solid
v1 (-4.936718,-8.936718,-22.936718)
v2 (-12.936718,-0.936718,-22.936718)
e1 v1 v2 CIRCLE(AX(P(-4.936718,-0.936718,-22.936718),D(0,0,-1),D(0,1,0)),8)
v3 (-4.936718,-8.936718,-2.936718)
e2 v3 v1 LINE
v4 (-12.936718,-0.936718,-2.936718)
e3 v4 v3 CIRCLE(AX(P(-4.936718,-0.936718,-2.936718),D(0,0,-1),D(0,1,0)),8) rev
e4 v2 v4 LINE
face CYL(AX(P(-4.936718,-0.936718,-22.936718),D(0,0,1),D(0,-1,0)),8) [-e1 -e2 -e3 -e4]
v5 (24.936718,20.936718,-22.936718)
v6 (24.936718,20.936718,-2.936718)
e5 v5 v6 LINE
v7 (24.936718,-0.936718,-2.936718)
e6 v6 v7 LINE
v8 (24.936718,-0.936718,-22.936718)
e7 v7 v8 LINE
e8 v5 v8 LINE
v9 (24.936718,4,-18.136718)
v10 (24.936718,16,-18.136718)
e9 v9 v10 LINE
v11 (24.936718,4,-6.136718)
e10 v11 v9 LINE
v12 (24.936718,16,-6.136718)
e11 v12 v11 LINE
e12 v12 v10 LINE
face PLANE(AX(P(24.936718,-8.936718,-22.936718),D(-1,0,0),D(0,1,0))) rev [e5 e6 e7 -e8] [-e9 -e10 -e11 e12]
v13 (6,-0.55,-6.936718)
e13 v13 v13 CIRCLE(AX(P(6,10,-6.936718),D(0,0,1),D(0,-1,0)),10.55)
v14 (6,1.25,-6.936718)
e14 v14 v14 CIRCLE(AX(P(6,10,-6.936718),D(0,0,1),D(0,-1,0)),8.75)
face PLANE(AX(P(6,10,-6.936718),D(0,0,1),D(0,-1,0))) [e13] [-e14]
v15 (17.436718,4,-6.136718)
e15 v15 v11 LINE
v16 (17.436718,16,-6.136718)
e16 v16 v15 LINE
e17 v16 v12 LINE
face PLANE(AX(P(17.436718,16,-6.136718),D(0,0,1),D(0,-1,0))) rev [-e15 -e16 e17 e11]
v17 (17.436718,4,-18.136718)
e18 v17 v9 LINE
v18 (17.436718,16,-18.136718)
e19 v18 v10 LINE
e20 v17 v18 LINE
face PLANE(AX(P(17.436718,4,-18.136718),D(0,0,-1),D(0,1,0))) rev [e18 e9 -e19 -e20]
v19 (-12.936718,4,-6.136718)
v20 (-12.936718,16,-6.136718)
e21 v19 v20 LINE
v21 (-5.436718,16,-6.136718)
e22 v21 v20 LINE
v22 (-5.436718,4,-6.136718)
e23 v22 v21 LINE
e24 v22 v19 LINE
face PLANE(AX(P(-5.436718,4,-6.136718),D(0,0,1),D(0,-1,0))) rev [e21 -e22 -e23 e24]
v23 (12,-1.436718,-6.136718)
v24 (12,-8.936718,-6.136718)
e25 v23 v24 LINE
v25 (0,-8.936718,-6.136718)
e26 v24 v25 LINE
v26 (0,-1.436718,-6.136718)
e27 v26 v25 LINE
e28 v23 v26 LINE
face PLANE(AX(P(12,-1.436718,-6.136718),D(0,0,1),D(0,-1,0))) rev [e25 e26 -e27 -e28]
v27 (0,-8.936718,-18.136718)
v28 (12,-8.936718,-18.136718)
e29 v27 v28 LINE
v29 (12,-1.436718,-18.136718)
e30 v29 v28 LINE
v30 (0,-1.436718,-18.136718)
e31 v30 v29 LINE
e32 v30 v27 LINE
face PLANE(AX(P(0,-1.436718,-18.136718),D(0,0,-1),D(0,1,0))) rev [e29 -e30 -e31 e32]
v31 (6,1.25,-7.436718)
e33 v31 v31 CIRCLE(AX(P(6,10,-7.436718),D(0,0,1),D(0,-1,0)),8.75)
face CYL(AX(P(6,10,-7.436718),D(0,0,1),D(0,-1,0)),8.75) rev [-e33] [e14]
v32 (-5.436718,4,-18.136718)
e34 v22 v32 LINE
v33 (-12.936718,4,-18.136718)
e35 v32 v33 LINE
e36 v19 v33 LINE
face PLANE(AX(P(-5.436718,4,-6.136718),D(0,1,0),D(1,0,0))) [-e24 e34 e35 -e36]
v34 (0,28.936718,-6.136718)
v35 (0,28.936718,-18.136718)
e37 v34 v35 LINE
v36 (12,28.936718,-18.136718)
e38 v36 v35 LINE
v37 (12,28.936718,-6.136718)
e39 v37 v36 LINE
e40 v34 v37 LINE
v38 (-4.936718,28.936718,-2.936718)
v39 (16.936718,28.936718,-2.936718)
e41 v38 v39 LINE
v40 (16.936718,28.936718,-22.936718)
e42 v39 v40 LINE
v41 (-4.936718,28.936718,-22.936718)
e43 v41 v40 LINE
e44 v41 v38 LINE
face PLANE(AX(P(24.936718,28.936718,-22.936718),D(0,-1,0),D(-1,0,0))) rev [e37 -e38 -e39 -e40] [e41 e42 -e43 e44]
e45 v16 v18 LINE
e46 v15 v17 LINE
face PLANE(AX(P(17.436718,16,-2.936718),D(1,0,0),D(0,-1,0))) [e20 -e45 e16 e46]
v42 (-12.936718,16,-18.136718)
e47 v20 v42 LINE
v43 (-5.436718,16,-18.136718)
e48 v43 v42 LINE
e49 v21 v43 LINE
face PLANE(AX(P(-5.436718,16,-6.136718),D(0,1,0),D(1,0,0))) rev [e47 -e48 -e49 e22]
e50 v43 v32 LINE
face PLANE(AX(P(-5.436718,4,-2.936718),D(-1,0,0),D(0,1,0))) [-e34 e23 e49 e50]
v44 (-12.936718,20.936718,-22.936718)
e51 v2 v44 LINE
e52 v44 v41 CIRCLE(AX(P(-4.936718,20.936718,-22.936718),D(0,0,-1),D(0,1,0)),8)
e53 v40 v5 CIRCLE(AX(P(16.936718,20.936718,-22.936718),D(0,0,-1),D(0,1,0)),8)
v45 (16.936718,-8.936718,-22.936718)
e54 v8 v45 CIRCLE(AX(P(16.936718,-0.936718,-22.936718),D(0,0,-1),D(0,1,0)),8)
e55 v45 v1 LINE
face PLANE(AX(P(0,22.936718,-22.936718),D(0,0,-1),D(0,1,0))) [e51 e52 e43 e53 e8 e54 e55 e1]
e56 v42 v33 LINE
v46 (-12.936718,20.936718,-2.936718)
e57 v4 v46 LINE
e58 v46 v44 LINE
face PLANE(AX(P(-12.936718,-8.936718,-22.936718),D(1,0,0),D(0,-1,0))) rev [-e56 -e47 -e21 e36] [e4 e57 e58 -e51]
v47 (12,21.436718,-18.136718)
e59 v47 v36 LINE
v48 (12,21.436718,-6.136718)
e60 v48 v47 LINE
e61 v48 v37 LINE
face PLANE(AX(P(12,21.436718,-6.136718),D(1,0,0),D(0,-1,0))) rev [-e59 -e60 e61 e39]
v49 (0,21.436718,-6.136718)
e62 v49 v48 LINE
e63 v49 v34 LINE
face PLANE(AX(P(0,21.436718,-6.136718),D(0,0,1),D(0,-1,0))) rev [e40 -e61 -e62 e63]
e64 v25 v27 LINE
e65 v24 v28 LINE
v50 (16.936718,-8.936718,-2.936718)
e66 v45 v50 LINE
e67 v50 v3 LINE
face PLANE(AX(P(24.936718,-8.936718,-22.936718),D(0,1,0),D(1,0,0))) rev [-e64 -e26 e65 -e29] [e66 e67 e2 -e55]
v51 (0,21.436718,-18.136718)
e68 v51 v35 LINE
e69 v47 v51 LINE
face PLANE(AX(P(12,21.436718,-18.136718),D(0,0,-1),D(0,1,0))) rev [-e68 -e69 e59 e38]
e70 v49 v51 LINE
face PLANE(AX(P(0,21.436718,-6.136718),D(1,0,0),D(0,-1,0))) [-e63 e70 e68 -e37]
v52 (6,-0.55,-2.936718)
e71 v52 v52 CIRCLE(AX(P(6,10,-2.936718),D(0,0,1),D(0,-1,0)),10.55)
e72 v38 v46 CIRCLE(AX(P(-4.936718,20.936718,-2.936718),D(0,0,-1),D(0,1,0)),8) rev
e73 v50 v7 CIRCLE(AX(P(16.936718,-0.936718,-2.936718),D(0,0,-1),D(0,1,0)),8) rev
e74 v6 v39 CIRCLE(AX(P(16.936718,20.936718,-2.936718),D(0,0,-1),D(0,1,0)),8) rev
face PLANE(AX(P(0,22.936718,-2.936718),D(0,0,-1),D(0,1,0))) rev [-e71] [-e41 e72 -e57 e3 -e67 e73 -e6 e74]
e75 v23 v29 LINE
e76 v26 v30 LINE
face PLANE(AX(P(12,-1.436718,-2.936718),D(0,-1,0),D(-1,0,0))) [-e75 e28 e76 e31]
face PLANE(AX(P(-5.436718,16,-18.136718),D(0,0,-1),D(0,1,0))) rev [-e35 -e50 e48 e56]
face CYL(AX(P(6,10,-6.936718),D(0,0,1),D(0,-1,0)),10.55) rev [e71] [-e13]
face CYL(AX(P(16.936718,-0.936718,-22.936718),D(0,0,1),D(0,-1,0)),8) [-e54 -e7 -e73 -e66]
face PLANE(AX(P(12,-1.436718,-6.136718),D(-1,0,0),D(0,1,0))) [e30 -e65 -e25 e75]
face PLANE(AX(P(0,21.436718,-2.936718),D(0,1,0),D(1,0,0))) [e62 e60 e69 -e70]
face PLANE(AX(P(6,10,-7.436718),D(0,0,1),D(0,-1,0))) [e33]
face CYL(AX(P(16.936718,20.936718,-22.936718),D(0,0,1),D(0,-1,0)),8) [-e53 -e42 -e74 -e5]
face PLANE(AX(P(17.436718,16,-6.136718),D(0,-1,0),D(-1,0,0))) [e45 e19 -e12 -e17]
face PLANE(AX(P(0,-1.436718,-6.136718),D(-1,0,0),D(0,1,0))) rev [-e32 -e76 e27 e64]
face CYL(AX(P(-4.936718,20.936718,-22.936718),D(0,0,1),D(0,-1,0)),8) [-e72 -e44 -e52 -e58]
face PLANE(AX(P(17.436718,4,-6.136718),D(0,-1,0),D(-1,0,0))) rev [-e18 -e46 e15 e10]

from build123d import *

# Parameters (mm, degrees)
SKIZZE1_W                          = 37.873435046
SKIZZE1_H                          = 37.873435047
AUFSATZ_LINEAR_AUSTRAGEN1_DEPTH    = 20
SKIZZE2_R                          = 10.55
SCHNITT_LINEAR_AUSTRAGEN1_DEPTH    = 4
SKIZZE3_W                          = 12
SKIZZE3_H                          = 12
SCHNITT_LINEAR_AUSTRAGEN3_DEPTH    = 7.5
VERRUNDUNG1_R                      = 8
KREISMUSTER1_COUNT                 = 4
SKIZZE4_R                          = 8.75
SCHNITT_LINEAR_AUSTRAGEN4_DEPTH    = 0.5
K_RPER_VERSCHIEBEN_KOPIEREN1_ANGLE = 90


with BuildPart() as part:
    # Skizze1 → Aufsatz-Linear austragen1 (new body)
    with BuildSketch(Plane(origin=(0, 0, 0), x_dir=(1, 0, 0), z_dir=(0, 1, 0))):
        with Locations((6, 12.936717524)):
            Rectangle(SKIZZE1_W, SKIZZE1_H)
    extrude(amount=AUFSATZ_LINEAR_AUSTRAGEN1_DEPTH)

    # Skizze2 → Schnitt-Linear austragen1 (cut)
    with BuildSketch(Plane.XZ):
        with Locations(Location((6, -12.936717523, 0), (0, 0, 270))):
            Circle(SKIZZE2_R)
    extrude(amount=-SCHNITT_LINEAR_AUSTRAGEN1_DEPTH, mode=Mode.SUBTRACT)

    # Skizze3 → Schnitt-Linear austragen3 (cut)
    with BuildSketch(Plane.XY.offset(6)):
        with Locations((6, 9.2)):
            Rectangle(SKIZZE3_W, SKIZZE3_H)
    schnitt_linear_austragen3 = extrude(amount=-SCHNITT_LINEAR_AUSTRAGEN3_DEPTH, mode=Mode.SUBTRACT)

    # Verrundung1
    verrundung1_edges = [part.edges().sort_by_distance(p)[0] for p in [
        (24.936717523, 10, -31.873435047),
        (24.936717523, 10, 6),
        (-12.936717523, 10, 6),
        (-12.936717523, 10, -31.873435047),
    ]]
    fillet(verrundung1_edges, radius=VERRUNDUNG1_R)

    # Kreismuster1: Schnitt-Linear austragen3 ×4 about axis
    kreismuster1_axis = Axis((6, 0, -12.936717523), (0, 1, 0))
    for i in range(1, KREISMUSTER1_COUNT):
        add(schnitt_linear_austragen3.rotate(kreismuster1_axis, i * 360 / KREISMUSTER1_COUNT), mode=Mode.SUBTRACT)

    # Skizze4 → Schnitt-Linear austragen4 (cut)
    with BuildSketch(Plane.XZ.offset(-4)):
        with Locations(Location((6, -12.936717523, 0), (0, 0, 270))):
            Circle(SKIZZE4_R)
    extrude(amount=-SCHNITT_LINEAR_AUSTRAGEN4_DEPTH, mode=Mode.SUBTRACT)


with BuildPart() as part_1:
    # Körper-Verschieben/Kopieren1: moved
    add(part.part.rotate(Axis((0, 10, -12.936717523), (-1, 0, 0)), K_RPER_VERSCHIEBEN_KOPIEREN1_ANGLE))


solid = part_1.part
